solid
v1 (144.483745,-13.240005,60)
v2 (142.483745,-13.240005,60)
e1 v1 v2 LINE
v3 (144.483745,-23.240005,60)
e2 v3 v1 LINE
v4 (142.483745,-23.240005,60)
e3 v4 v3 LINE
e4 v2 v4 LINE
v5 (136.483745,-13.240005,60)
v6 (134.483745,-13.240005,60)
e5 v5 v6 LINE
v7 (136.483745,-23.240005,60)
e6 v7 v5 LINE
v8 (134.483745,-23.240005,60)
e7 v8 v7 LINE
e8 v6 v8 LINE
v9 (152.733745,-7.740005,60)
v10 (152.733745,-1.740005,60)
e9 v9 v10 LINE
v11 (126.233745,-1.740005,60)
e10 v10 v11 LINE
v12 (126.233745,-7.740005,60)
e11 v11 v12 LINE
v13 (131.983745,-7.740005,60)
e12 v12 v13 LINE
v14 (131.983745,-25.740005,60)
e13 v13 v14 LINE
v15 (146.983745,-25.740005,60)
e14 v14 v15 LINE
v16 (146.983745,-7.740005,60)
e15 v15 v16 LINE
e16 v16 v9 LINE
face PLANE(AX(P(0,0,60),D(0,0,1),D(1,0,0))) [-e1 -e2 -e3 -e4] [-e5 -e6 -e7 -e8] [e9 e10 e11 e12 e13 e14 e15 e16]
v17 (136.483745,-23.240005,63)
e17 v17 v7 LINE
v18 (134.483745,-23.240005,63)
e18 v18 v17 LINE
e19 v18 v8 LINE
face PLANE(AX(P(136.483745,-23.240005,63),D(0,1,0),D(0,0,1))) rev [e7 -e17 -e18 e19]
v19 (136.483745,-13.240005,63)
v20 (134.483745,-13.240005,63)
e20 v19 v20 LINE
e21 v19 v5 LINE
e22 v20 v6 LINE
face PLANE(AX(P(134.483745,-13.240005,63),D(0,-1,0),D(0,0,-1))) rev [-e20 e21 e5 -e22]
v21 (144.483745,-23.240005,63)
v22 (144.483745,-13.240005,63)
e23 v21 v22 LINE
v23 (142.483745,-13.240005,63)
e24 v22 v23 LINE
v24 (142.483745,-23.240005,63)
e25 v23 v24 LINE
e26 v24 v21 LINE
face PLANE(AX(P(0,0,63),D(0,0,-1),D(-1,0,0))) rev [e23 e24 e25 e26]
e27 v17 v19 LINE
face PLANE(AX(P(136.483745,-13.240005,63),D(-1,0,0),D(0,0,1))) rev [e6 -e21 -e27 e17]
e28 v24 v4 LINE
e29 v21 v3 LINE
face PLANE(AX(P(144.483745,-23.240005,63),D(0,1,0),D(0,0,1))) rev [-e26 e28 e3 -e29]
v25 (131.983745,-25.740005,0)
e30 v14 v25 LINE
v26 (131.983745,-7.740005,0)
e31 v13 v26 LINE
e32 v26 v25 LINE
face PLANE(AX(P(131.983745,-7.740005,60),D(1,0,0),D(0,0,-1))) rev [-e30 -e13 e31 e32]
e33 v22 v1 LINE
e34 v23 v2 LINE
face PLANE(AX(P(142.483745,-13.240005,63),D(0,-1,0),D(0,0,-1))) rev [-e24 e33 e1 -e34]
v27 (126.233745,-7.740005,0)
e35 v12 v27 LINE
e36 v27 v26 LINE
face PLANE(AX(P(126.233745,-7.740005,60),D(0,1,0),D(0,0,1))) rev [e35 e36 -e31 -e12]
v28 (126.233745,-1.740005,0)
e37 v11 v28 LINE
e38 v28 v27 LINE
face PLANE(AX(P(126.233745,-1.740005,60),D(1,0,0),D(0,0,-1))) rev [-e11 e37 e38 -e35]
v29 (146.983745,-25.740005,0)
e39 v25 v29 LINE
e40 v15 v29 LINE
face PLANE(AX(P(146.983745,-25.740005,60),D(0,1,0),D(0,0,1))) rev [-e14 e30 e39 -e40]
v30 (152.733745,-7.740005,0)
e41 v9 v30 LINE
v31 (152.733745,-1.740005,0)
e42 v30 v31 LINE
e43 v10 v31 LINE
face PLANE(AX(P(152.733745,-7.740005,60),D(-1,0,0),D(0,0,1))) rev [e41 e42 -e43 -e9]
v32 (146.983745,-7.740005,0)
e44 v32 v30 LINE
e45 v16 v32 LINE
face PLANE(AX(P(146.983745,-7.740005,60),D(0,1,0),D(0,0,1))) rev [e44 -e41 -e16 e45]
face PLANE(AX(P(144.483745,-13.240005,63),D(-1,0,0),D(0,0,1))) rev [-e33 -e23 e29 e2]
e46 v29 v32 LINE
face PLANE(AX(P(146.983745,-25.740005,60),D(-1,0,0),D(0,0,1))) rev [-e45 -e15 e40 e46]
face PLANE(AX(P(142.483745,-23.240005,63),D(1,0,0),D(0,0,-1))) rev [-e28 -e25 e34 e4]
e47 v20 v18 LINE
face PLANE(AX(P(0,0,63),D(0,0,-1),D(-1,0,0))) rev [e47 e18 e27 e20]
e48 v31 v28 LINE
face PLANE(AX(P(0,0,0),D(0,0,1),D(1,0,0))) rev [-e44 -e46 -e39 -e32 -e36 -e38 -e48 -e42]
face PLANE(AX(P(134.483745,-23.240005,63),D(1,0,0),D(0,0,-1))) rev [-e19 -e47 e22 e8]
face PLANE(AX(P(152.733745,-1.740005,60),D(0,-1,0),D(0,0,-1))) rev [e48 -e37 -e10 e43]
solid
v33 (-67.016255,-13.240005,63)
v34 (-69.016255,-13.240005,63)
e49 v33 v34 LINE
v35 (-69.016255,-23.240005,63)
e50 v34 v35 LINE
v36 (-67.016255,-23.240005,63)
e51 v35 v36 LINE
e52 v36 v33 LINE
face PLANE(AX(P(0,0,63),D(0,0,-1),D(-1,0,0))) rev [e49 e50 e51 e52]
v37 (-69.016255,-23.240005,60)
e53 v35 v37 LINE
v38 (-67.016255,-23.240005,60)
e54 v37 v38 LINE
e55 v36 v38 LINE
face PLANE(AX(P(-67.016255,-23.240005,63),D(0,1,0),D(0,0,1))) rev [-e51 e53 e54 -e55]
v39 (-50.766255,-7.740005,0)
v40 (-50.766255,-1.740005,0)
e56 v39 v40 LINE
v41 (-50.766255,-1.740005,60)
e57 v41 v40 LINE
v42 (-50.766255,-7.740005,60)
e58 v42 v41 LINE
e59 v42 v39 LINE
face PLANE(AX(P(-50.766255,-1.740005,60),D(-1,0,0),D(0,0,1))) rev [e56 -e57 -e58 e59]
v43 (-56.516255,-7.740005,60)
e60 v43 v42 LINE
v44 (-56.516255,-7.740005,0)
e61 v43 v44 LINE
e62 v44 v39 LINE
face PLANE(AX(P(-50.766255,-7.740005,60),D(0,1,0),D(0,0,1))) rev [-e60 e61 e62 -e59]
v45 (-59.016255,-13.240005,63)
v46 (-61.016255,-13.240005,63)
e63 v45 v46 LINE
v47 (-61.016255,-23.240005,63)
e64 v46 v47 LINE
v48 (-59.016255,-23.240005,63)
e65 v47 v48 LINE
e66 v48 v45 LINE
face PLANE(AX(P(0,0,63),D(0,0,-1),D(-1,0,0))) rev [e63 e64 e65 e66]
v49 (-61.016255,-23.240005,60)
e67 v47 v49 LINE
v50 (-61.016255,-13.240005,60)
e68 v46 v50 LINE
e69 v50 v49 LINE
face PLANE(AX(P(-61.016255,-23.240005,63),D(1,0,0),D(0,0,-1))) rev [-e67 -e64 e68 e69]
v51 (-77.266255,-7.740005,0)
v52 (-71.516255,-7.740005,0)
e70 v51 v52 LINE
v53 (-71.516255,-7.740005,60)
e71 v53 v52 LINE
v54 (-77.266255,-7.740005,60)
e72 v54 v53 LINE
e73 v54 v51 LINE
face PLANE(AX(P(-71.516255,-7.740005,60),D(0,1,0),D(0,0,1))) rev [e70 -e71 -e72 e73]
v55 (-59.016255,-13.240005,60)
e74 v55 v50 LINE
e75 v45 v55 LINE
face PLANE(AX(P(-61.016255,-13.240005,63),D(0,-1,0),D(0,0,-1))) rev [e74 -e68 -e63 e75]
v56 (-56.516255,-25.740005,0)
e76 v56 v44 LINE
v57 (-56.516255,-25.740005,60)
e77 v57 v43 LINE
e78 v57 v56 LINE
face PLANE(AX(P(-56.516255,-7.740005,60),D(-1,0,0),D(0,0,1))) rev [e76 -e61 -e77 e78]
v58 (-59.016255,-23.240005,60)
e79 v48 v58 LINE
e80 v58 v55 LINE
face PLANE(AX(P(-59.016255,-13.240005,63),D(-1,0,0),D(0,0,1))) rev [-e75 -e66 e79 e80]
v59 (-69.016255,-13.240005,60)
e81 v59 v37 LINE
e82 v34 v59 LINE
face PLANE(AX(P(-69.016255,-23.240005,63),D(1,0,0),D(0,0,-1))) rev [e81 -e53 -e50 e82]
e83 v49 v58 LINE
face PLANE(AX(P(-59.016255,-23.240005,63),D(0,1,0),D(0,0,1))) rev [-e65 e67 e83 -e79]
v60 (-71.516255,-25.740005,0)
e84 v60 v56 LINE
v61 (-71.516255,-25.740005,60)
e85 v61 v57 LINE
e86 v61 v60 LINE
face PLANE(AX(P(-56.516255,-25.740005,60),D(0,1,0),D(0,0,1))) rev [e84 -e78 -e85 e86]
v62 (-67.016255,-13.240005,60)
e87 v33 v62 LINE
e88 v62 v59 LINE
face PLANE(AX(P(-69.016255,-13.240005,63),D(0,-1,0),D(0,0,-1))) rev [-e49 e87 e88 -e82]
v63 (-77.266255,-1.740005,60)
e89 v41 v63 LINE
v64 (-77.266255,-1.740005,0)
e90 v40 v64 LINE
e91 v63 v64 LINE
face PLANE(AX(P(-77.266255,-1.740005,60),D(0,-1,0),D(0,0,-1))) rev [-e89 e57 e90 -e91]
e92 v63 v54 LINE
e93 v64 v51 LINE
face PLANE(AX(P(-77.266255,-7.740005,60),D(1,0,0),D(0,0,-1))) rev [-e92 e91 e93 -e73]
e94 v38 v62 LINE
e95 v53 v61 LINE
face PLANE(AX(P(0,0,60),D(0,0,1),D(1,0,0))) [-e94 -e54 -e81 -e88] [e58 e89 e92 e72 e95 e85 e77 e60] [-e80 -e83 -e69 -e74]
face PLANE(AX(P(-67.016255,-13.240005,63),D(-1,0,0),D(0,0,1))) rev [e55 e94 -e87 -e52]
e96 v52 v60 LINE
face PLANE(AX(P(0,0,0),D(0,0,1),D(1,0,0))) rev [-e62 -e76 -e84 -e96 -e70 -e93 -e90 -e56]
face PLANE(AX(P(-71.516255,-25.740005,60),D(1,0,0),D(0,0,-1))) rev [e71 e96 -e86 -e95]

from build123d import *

# Parameters (mm, degrees)
BOSS_EXTRUDE1_DEPTH   = 60
BOSS_EXTRUDE1_2_DEPTH = 60
SKETCH2_W             = 2
SKETCH2_H             = 10
BOSS_EXTRUDE2_DEPTH   = 3


with BuildPart() as part:
    # Sketch1 → Boss-Extrude1 (new body)
    with BuildSketch(Plane.XY):
        Polygon((-56.516255203, -7.740004899), (-56.516255203, -25.740004899), (-71.516255203, -25.740004899), (-71.516255203, -7.740004899), (-77.266255203, -7.740004899), (-77.266255203, -1.740004899), (-50.766255203, -1.740004899), (-50.766255203, -7.740004899), align=None)
    extrude(amount=BOSS_EXTRUDE1_DEPTH)



with BuildPart() as body_2:
    # Sketch1 → Boss-Extrude1 2 (new body)
    with BuildSketch(Plane.XY):
        Polygon((146.983744797, -25.740004899), (146.983744797, -7.740004899), (152.733744797, -7.740004899), (152.733744797, -1.740004899), (126.233744797, -1.740004899), (126.233744797, -7.740004899), (131.983744797, -7.740004899), (131.983744797, -25.740004899), align=None)
    extrude(amount=BOSS_EXTRUDE1_2_DEPTH)


with BuildPart() as part_1:
    add(part.part)

    add(body_2.part)  # Boss-Extrude2 merges body 2
    # Sketch2 → Boss-Extrude2 (add)
    with BuildSketch(Plane.XY.offset(60)):
        with Locations((-68.016255203, -18.240004899)):
            Rectangle(SKETCH2_W, SKETCH2_H)
        with Locations((-60.016255203, -18.240004899)):
            Rectangle(SKETCH2_W, SKETCH2_H)
        with Locations((135.483744797, -18.240004899)):
            Rectangle(SKETCH2_W, SKETCH2_H)
        with Locations((143.483744797, -18.240004899)):
            Rectangle(SKETCH2_W, SKETCH2_H)
    extrude(amount=BOSS_EXTRUDE2_DEPTH)


solid = part_1.part
